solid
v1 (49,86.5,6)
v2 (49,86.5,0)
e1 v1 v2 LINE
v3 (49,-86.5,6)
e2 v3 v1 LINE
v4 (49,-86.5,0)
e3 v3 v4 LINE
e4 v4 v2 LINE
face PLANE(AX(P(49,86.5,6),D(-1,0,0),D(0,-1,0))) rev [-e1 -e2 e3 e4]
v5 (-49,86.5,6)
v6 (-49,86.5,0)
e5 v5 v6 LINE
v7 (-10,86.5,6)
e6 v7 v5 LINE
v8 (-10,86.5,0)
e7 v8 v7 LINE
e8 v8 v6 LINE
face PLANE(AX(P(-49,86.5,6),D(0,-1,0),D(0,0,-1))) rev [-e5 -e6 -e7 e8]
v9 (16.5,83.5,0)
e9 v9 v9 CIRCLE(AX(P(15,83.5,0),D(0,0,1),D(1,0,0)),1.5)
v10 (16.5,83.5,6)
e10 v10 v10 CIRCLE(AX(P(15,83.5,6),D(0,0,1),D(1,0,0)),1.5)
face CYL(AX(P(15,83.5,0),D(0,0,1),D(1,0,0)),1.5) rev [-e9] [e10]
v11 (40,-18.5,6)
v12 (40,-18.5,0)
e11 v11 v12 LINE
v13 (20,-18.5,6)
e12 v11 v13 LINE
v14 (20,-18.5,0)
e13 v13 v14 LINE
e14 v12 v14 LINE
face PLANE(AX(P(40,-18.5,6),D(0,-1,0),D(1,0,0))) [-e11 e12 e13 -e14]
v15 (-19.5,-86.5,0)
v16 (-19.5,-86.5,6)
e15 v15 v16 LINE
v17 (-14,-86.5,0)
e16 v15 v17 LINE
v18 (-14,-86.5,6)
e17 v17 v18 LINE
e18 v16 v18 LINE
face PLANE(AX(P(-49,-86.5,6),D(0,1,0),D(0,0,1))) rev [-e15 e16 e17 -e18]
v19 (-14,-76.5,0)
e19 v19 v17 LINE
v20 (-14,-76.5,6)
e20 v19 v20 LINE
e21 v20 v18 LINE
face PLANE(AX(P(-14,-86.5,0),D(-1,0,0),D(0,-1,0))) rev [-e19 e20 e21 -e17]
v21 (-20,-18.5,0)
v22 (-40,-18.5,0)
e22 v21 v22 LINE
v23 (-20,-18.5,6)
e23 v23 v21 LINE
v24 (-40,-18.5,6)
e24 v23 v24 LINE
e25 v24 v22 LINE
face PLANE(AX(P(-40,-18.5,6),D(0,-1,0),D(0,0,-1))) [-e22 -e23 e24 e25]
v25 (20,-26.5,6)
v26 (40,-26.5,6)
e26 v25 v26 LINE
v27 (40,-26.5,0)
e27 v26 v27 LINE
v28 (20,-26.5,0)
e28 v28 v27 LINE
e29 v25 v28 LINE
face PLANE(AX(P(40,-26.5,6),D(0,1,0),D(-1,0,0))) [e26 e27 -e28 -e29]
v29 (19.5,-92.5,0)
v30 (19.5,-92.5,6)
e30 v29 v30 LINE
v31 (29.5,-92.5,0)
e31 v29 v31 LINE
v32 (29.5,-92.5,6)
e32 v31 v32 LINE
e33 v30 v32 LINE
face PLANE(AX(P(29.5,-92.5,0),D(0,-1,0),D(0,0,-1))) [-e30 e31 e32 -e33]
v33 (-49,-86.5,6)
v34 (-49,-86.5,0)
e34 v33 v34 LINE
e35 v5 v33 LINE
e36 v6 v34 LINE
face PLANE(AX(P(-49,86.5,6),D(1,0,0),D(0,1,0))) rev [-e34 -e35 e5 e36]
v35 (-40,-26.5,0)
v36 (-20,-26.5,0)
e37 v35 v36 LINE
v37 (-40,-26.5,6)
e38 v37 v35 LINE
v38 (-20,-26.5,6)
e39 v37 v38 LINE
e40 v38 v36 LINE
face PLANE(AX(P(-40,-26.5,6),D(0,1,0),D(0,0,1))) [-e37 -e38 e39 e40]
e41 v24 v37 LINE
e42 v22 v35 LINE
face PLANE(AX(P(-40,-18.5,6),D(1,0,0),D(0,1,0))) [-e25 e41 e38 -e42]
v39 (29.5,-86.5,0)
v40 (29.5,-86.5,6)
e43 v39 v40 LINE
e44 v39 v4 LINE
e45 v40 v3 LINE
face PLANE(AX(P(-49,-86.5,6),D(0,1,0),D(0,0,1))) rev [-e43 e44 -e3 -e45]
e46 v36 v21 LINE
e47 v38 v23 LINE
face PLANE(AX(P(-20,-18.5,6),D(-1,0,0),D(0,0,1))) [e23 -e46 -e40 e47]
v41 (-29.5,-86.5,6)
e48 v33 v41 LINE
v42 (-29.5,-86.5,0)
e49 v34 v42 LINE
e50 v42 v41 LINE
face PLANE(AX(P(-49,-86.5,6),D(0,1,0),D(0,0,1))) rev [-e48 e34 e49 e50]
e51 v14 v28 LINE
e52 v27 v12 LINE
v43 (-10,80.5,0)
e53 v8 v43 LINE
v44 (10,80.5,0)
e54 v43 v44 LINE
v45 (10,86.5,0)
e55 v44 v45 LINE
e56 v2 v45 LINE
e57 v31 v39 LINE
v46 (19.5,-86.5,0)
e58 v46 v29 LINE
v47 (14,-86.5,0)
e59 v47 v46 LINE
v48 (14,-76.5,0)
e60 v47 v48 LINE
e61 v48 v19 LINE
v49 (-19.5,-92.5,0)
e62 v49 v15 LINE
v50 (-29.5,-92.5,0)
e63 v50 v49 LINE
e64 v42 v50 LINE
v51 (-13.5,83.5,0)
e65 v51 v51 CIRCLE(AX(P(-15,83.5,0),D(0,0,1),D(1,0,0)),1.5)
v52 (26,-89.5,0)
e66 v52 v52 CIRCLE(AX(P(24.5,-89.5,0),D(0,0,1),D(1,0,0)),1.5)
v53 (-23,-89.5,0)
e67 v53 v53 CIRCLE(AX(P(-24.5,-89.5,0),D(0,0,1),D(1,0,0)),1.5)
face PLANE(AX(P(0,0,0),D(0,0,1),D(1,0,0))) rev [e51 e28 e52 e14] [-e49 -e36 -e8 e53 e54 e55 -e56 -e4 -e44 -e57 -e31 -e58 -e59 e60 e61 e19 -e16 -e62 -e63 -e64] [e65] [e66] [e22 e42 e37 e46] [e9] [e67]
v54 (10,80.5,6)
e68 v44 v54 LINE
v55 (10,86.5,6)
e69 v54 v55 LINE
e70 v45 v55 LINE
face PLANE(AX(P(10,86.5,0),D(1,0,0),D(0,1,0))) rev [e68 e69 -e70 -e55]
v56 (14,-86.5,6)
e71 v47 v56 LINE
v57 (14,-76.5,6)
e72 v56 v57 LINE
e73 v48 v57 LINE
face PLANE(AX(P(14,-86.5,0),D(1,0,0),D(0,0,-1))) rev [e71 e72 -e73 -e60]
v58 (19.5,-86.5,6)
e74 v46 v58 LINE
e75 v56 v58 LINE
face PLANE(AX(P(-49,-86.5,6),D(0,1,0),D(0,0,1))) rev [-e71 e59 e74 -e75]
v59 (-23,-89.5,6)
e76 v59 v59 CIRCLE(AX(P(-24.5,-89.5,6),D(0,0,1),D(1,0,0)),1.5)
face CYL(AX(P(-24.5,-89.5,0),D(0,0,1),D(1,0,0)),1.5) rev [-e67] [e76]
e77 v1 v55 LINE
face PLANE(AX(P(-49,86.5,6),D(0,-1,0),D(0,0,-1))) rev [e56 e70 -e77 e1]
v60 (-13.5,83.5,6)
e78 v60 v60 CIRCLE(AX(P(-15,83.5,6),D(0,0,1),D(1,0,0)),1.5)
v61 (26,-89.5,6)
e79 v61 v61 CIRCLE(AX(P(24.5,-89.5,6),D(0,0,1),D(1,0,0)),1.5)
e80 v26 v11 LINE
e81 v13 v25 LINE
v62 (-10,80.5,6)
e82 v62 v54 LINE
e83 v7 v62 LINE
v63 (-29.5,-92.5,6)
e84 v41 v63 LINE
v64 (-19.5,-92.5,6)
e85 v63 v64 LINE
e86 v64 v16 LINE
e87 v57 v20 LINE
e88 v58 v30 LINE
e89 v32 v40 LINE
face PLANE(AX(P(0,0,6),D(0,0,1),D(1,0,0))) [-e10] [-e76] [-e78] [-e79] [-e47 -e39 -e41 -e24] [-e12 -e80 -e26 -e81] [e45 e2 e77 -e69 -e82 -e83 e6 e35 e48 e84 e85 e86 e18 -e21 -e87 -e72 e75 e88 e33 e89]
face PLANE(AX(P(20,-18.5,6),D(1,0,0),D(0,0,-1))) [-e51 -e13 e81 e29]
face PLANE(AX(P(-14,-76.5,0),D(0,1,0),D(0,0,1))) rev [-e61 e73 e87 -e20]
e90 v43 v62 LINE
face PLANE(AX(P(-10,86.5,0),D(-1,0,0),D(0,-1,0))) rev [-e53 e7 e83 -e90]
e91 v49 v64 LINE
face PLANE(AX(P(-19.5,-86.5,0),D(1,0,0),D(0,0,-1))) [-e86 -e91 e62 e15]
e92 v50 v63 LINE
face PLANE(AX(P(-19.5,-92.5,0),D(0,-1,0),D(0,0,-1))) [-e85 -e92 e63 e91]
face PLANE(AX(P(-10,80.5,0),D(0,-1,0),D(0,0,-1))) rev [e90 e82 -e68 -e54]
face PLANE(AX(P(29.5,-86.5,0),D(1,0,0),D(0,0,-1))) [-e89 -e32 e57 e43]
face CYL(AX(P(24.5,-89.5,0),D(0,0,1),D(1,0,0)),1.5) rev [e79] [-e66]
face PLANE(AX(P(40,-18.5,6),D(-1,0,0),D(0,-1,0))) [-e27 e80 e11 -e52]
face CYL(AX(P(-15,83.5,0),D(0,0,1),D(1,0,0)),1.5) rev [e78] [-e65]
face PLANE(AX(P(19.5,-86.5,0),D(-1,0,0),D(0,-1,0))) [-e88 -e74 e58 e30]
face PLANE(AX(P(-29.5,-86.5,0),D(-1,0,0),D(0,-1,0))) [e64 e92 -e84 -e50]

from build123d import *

# Parameters (mm, degrees)
ESQUISSE1_W             = 98
ESQUISSE1_H             = 173
ESQUISSE1_W_2           = 20
ESQUISSE1_H_2           = 8
BOSS_EXTRU_1_DEPTH      = 6
ESQUISSE2_W             = 10
ESQUISSE2_H             = 6
BOSS_EXTRU_2_DEPTH      = 6
ESQUISSE3_R             = 1.5
ENL_V_MAT_EXTRU_1_DEPTH = 6
ESQUISSE4_W             = 20
ESQUISSE4_H             = 6
ESQUISSE4_W_2           = 28
ESQUISSE4_H_2           = 10
ENL_V_MAT_EXTRU_2_DEPTH = 6


with BuildPart() as part:
    # Esquisse1 → Boss.-Extru.1 (new body)
    with BuildSketch(Plane.XY):
        Rectangle(ESQUISSE1_W, ESQUISSE1_H)
        with Locations((30, -22.5)):
            Rectangle(ESQUISSE1_W_2, ESQUISSE1_H_2, mode=Mode.SUBTRACT)
        with Locations((-30, -22.5)):
            Rectangle(ESQUISSE1_W_2, ESQUISSE1_H_2, mode=Mode.SUBTRACT)
    extrude(amount=BOSS_EXTRU_1_DEPTH)

    # Esquisse2 → Boss.-Extru.2 (add)
    with BuildSketch(Plane.XY.offset(6)):
        with Locations((24.5, -89.5)):
            Rectangle(ESQUISSE2_W, ESQUISSE2_H)
        with Locations((-24.5, -89.5)):
            Rectangle(ESQUISSE2_W, ESQUISSE2_H)
    extrude(amount=-BOSS_EXTRU_2_DEPTH)

    # Esquisse3 → Enlèv. mat.-Extru.1 (cut)
    with BuildSketch(Plane.XY.offset(6)):
        with Locations((-15, 83.5)):
            Circle(ESQUISSE3_R)
        with Locations((24.5, -89.5)):
            Circle(ESQUISSE3_R)
        with Locations((-24.5, -89.5)):
            Circle(ESQUISSE3_R)
        with Locations((15, 83.5)):
            Circle(ESQUISSE3_R)
    extrude(amount=-ENL_V_MAT_EXTRU_1_DEPTH, mode=Mode.SUBTRACT)

    # Esquisse4 → Enlèv. mat.-Extru.2 (cut)
    with BuildSketch(Plane.XY.offset(6)):
        with Locations((0, 83.5)):
            Rectangle(ESQUISSE4_W, ESQUISSE4_H)
        with Locations((0, -81.5)):
            Rectangle(ESQUISSE4_W_2, ESQUISSE4_H_2)
    extrude(amount=-ENL_V_MAT_EXTRU_2_DEPTH, mode=Mode.SUBTRACT)


solid = part.part
